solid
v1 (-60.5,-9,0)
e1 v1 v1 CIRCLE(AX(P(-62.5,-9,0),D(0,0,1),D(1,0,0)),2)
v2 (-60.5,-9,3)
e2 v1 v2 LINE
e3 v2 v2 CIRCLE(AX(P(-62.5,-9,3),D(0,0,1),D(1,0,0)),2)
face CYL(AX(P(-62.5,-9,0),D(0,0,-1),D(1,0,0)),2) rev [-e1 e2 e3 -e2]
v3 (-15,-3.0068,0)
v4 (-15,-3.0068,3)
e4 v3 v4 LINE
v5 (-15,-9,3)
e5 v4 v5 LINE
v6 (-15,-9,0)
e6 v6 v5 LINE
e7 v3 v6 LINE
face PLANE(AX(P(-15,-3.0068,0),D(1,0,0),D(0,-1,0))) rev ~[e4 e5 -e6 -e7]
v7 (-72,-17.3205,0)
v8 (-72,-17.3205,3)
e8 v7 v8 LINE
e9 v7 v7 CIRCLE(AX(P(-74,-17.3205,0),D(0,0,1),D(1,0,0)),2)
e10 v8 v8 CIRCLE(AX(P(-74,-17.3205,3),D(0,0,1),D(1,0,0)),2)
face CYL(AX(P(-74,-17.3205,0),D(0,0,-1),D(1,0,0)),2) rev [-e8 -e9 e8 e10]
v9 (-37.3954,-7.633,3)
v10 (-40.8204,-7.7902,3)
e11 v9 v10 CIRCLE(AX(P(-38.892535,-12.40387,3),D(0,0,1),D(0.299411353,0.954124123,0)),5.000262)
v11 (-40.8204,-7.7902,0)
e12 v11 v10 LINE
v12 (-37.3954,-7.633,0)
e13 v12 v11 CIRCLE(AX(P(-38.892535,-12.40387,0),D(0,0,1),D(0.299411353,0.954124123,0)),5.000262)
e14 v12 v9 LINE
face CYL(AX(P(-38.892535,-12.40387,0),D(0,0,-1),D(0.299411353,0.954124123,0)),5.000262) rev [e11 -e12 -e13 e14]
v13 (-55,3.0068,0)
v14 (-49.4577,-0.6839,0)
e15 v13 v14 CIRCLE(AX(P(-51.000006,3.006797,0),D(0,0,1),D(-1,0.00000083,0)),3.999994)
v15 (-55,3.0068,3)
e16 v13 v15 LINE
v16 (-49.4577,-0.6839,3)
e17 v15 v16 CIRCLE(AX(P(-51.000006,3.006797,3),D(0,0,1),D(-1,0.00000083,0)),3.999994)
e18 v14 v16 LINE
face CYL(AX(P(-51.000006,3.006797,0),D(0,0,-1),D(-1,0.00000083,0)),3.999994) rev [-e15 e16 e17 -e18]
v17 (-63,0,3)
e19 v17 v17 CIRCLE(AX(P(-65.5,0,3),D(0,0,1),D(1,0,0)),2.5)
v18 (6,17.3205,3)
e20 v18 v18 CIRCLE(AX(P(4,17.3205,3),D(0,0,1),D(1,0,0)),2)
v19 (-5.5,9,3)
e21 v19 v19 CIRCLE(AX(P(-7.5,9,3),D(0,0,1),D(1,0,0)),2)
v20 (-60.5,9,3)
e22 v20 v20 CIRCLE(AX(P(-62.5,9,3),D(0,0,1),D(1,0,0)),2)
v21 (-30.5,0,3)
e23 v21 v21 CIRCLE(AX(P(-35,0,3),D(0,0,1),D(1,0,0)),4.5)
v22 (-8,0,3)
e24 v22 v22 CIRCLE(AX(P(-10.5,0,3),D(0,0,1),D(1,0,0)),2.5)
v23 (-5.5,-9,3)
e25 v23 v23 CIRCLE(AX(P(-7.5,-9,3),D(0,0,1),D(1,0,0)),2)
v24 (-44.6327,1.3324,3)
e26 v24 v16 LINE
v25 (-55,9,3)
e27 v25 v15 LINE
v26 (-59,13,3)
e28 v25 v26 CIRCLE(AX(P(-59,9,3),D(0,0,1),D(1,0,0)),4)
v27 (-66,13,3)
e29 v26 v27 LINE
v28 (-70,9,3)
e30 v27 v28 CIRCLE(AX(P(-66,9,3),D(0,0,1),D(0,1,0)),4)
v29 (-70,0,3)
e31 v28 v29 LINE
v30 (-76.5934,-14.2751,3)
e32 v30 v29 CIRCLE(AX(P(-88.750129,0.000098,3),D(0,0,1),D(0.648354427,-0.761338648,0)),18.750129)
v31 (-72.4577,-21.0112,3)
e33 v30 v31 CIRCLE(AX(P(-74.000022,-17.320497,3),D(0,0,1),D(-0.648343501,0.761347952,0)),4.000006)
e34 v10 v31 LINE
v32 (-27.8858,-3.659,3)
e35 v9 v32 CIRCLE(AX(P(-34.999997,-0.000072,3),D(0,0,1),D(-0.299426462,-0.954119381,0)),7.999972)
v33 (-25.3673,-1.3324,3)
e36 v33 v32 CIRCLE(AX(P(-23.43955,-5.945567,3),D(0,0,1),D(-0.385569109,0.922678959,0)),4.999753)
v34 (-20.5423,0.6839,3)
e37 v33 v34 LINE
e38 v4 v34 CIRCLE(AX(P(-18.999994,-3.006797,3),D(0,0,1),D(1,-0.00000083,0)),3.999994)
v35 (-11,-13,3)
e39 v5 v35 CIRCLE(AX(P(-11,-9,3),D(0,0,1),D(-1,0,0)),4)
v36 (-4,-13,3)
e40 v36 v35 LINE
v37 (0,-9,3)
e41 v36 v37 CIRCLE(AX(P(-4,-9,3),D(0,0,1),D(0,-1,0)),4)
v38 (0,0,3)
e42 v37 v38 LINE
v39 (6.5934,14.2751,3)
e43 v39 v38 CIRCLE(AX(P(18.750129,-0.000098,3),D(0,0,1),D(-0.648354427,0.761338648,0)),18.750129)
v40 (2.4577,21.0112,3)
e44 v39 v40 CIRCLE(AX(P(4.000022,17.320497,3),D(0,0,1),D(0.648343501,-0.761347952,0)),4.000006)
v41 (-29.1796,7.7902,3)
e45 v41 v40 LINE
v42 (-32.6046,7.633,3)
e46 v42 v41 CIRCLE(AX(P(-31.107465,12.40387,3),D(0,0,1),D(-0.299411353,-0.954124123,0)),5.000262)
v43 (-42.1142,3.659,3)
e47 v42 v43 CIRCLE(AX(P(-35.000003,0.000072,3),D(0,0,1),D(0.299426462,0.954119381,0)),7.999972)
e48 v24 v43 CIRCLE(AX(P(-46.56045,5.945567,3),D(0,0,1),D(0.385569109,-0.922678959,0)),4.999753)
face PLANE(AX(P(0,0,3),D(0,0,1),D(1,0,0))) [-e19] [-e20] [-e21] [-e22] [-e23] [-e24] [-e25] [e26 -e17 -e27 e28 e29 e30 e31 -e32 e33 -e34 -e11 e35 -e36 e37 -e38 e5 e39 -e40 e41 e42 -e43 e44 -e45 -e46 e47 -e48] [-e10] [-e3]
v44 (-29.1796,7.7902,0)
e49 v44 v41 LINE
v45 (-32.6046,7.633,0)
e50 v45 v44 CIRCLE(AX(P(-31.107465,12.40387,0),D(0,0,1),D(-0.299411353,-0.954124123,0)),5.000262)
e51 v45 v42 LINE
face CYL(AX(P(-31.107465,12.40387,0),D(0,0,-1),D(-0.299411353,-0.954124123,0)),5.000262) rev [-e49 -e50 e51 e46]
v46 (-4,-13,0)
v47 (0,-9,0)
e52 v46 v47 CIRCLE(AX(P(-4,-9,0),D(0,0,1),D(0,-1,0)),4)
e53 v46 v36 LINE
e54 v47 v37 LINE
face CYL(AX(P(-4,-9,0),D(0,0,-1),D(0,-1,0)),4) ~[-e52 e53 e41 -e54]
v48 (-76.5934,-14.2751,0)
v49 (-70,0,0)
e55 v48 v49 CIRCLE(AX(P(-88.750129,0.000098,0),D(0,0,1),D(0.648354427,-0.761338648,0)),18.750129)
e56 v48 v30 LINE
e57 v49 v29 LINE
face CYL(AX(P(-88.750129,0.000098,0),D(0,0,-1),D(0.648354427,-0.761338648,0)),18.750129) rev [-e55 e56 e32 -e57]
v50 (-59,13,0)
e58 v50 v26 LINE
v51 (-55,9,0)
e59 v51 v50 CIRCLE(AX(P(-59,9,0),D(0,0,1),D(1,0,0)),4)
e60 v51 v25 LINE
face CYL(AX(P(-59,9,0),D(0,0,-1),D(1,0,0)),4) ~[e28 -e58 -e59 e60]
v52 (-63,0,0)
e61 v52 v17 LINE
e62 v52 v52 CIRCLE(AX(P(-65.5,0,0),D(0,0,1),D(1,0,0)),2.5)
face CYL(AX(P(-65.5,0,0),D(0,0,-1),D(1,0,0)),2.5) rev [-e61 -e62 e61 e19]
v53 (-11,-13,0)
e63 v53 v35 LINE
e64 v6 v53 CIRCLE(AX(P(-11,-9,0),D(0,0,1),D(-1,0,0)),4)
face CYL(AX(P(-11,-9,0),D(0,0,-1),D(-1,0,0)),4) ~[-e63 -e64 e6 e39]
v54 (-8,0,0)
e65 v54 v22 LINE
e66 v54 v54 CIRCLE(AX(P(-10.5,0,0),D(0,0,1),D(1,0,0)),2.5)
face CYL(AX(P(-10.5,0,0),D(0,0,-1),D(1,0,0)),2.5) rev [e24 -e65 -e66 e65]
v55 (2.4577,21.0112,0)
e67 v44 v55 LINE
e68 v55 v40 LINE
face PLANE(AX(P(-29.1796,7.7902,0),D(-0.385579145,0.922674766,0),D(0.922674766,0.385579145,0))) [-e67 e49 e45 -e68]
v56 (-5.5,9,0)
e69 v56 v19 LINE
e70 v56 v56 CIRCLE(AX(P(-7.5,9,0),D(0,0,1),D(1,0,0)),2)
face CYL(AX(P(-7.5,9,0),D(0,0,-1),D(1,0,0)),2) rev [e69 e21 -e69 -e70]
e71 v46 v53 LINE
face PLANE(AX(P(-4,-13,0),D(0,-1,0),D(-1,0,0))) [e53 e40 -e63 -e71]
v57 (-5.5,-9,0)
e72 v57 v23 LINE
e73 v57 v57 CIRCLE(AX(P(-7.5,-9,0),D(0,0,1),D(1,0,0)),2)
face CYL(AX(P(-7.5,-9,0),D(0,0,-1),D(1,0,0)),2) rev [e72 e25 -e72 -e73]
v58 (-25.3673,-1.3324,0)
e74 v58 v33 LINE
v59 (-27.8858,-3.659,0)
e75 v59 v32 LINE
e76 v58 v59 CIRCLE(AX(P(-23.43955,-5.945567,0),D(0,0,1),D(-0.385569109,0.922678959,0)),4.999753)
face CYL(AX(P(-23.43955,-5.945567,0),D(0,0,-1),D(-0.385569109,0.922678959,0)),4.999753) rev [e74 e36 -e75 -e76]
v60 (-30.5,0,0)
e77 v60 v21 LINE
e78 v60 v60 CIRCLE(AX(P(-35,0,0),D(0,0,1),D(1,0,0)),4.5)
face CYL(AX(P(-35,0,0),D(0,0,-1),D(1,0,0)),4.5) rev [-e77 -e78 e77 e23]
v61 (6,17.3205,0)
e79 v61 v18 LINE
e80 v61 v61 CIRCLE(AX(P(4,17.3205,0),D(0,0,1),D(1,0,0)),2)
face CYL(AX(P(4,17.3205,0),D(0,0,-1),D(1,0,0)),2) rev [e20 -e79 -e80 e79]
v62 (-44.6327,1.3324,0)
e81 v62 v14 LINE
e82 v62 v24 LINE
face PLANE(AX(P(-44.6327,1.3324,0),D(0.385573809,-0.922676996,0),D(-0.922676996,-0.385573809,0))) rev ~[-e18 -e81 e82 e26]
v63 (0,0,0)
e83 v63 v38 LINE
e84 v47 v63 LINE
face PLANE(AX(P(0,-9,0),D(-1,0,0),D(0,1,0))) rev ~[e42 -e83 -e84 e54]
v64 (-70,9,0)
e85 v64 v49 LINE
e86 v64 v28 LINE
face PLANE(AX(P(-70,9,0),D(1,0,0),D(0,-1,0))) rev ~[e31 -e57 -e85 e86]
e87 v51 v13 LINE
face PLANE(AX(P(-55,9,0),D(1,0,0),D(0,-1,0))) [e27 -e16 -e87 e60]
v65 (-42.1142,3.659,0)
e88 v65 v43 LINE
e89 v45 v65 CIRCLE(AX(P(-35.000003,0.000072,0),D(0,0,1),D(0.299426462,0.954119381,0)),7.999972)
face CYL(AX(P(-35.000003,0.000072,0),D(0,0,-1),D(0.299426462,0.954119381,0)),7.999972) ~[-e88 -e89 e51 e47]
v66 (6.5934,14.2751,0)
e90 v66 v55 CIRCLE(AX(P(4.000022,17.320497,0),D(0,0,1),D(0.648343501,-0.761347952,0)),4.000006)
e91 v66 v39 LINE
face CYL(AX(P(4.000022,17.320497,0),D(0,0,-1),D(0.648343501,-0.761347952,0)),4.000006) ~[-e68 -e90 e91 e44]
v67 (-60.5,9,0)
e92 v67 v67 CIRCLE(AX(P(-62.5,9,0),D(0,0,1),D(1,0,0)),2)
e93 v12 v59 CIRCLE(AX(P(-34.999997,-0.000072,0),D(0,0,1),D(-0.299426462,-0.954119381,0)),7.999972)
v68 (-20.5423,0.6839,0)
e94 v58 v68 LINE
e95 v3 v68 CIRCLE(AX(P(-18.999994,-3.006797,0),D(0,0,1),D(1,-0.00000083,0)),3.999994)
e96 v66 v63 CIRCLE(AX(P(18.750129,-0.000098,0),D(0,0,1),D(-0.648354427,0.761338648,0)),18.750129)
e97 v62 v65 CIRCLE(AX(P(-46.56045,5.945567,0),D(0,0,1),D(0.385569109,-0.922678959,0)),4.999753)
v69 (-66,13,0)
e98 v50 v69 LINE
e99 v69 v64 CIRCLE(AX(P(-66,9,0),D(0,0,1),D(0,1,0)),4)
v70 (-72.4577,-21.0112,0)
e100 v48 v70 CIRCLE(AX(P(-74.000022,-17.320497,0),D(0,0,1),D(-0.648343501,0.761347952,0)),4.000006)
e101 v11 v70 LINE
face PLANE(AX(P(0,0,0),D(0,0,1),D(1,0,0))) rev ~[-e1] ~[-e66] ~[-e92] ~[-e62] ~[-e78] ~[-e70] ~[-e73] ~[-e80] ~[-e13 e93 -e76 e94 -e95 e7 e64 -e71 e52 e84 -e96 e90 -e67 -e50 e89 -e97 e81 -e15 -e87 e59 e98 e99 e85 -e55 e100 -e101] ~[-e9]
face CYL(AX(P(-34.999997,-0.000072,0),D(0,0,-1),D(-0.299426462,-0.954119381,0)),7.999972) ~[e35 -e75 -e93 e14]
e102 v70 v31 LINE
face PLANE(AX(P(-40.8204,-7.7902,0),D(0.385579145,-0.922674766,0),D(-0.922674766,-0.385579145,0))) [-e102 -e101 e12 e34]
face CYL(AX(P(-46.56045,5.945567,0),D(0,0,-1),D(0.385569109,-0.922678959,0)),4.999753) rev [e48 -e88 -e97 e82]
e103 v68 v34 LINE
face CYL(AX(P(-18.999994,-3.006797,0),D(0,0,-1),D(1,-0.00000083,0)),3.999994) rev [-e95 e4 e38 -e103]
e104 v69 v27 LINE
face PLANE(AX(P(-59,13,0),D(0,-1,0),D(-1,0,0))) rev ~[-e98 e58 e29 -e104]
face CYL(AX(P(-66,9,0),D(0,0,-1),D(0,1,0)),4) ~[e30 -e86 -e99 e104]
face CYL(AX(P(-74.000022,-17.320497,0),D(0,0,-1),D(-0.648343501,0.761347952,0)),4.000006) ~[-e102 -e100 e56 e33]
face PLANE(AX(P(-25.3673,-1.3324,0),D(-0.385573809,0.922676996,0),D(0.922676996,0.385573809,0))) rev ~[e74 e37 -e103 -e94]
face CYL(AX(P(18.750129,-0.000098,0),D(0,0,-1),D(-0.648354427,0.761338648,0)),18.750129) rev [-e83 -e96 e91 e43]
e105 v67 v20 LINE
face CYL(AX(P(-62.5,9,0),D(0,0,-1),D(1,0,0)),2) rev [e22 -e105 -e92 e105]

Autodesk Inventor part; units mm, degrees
ref_plane "YZ Plane" through (0, 0, 0) normal (1, 0, 0) x (0, 1, 0)
ref_plane "XZ Plane" through (0, 0, 0) normal (0, 1, 0) x (-1, 0, 0)
ref_plane "XY Plane" through (0, 0, 0) normal (0, 0, 1) x (1, 0, 0)
sketch "Sketch1" plane through (0, 0, 0) normal (0, 0, 1) x (1, 0, 0)
  circle A0 centre (-10.5, 0) radius 2.067 construction
  circle A1 centre (-7.5, -9) radius 1.621 construction
  circle A2 centre (-7.5, 9) radius 1.621 construction
  circle A3 centre (-7.5, 9) radius 1.7295 construction
  circle A4 centre (-7.5, -9) radius 1.7295 construction
  circle A5 centre (-10.5, 0) radius 2.067 construction
  line L0 (0, -13) -> (-15, -13) construction
  line L1 (0, 13) -> (0, -13) construction
  line L2 (-15, 13) -> (0, 13) construction
  line L3 (-15, -13) -> (-15, 13) construction
  circle A6 centre (-62.5, -9) radius 1.7295 construction
  circle A7 centre (-62.5, 9) radius 1.7295 construction
  circle A8 centre (-65.5, 0) radius 2.067 construction
  line L4 (-55, -13) -> (-70, -13) construction
  line L5 (-55, 13) -> (-55, -13) construction
  line L6 (-70, 13) -> (-55, 13) construction
  line L7 (-70, -13) -> (-70, 13) construction
  spline S0 degree 3 poles (-35, 4) (-35.5054, 4) (-36.0423, 3.8984) (-37.0269, 3.4894) (-37.4748, 3.182) (-38.1819, 2.4749) (-38.4894, 2.027) (-38.8985, 1.0423) (-39, 0.5052) (-39, -0.5052) (-38.8985, -1.0423) (-38.4894, -2.027) (-38.1819, -2.4749) (-37.4748, -3.182) (-37.0269, -3.4894) (-36.0423, -3.8984) (-35.5054, -4) (-34.4946, -4) (-33.9577, -3.8984) (-32.9731, -3.4894) (-32.5252, -3.182) (-31.8181, -2.4749) (-31.5106, -2.027) (-31.1015, -1.0423) (-31, -0.5052) (-31, 0.5052) (-31.1015, 1.0423) (-31.5106, 2.027) (-31.8181, 2.4749) (-32.5252, 3.182) (-32.9731, 3.4894) (-33.9577, 3.8984) (-34.4946, 4) (-35, 4) knots 0 0 0 0 0.151609 0.151609 0.303217 0.303217 0.454789 0.454789 0.60636 0.60636 0.757932 0.757932 0.909504 0.909504 1.061112 1.061112 1.212721 1.212721 1.364329 1.364329 1.515938 1.515938 1.667509 1.667509 1.819081 1.819081 1.970653 1.970653 2.122224 2.122224 2.273833 2.273833 2.425441 2.425441 2.425441 2.425441 construction
  circle A9 centre (4, 17.3205) radius 2
  circle A10 centre (-74, -17.3205) radius 2
  line L8 (0, -9) -> (0, 0)
  line L9 (-4, -13) -> (-11, -13)
  line L10 (-59, 13) -> (-66, 13)
  line L11 (-70, 9) -> (-70, 0)
  arc A11 (-76.5934, -14.2751) -> (-72.4577, -21.0112) centre (-74, -17.3205) ccw
  arc A12 (6.5934, 14.2751) -> (2.4577, 21.0112) centre (4, 17.3205) ccw
  circle A13 centre (-10.5, 0) radius 2.5
  circle A14 centre (-7.5, -9) radius 2
  circle A15 centre (-7.5, 9) radius 2
  circle A16 centre (-65.5, 0) radius 2.5
  circle A17 centre (-62.5, -9) radius 2
  circle A18 centre (-62.5, 9) radius 2
  arc A19 (-76.5934, -14.2751) -> (-70, 0) centre (-88.75, 0) ccw
  arc A20 (6.5934, 14.2751) -> (0, 0) centre (18.75, 0) ccw
  arc A21 (-32.6046, 7.633) -> (-42.1142, 3.659) centre (-35, 0) ccw
  arc A22 (-37.3954, -7.633) -> (-27.8858, -3.659) centre (-35, 0) ccw
  arc A23 (-32.6046, 7.633) -> (-29.1796, 7.7902) centre (-31.1075, 12.4036) ccw
  line L12 (-29.1796, 7.7902) -> (2.4577, 21.0112)
  arc A24 (-37.3954, -7.633) -> (-40.8204, -7.7902) centre (-38.8925, -12.4036) ccw
  line L13 (-40.8204, -7.7902) -> (-72.4577, -21.0112)
  arc A25 (-25.3673, -1.3324) -> (-27.8858, -3.659) centre (-23.4394, -5.9458) ccw
  arc A26 (-44.6327, 1.3324) -> (-42.1142, 3.659) centre (-46.5606, 5.9458) ccw
  line L14 (-44.6327, 1.3324) -> (-49.4577, -0.6839)
  line L15 (-25.3673, -1.3324) -> (-20.5423, 0.6839)
  line L16 (-15, -3.0068) -> (-15, -9)
  line L17 (-55, 9) -> (-55, 3.0068)
  circle A27 centre (-35, 0) radius 4.5
  arc A28 (-15, -9) -> (-11, -13) centre (-11, -9) ccw
  arc A29 (-4, -13) -> (0, -9) centre (-4, -9) ccw
  arc A30 (-55, 9) -> (-59, 13) centre (-59, 9) ccw
  arc A31 (-66, 13) -> (-70, 9) centre (-66, 9) ccw
  arc A32 (-55, 3.0068) -> (-49.4577, -0.6839) centre (-51, 3.0068) ccw
  arc A33 (-15, -3.0068) -> (-20.5423, 0.6839) centre (-19, -3.0068) ccw
  line L18 (-110.25, 0) -> (40.25, 0) construction
  point P0 (-35, 4)
  point P1 (-55, -3)
  point P2 (-15, 3)
  point P3 (-55, 6.0034)
  point P4 (-7.5, -13)
  dimension "d0" = 4
  dimension "d1" = 4
  dimension "d3" = 4
  dimension "d4" = 4
  dimension "d5" = 5
  dimension "d6" = 4
  dimension "d7" = 4
  dimension "d8" = 5
  dimension "d9" = 4
  dimension "d10" = 4
  dimension "d11" = 8
  dimension "d12" = 9
  dimension "d13" = 5
  dimension "d14" = 5
  dimension "d15" = 5
  dimension "d16" = 5
  dimension "d19" = 10
  dimension "d20" = 10
  dimension "d21" = 4
  dimension "d24" = 13
  dimension "d25" = 13
  dimension "d26" = 13
  dimension "d27" = 13
extrude "Extrusion1" add sketch "Sketch1" along normal blind 3
